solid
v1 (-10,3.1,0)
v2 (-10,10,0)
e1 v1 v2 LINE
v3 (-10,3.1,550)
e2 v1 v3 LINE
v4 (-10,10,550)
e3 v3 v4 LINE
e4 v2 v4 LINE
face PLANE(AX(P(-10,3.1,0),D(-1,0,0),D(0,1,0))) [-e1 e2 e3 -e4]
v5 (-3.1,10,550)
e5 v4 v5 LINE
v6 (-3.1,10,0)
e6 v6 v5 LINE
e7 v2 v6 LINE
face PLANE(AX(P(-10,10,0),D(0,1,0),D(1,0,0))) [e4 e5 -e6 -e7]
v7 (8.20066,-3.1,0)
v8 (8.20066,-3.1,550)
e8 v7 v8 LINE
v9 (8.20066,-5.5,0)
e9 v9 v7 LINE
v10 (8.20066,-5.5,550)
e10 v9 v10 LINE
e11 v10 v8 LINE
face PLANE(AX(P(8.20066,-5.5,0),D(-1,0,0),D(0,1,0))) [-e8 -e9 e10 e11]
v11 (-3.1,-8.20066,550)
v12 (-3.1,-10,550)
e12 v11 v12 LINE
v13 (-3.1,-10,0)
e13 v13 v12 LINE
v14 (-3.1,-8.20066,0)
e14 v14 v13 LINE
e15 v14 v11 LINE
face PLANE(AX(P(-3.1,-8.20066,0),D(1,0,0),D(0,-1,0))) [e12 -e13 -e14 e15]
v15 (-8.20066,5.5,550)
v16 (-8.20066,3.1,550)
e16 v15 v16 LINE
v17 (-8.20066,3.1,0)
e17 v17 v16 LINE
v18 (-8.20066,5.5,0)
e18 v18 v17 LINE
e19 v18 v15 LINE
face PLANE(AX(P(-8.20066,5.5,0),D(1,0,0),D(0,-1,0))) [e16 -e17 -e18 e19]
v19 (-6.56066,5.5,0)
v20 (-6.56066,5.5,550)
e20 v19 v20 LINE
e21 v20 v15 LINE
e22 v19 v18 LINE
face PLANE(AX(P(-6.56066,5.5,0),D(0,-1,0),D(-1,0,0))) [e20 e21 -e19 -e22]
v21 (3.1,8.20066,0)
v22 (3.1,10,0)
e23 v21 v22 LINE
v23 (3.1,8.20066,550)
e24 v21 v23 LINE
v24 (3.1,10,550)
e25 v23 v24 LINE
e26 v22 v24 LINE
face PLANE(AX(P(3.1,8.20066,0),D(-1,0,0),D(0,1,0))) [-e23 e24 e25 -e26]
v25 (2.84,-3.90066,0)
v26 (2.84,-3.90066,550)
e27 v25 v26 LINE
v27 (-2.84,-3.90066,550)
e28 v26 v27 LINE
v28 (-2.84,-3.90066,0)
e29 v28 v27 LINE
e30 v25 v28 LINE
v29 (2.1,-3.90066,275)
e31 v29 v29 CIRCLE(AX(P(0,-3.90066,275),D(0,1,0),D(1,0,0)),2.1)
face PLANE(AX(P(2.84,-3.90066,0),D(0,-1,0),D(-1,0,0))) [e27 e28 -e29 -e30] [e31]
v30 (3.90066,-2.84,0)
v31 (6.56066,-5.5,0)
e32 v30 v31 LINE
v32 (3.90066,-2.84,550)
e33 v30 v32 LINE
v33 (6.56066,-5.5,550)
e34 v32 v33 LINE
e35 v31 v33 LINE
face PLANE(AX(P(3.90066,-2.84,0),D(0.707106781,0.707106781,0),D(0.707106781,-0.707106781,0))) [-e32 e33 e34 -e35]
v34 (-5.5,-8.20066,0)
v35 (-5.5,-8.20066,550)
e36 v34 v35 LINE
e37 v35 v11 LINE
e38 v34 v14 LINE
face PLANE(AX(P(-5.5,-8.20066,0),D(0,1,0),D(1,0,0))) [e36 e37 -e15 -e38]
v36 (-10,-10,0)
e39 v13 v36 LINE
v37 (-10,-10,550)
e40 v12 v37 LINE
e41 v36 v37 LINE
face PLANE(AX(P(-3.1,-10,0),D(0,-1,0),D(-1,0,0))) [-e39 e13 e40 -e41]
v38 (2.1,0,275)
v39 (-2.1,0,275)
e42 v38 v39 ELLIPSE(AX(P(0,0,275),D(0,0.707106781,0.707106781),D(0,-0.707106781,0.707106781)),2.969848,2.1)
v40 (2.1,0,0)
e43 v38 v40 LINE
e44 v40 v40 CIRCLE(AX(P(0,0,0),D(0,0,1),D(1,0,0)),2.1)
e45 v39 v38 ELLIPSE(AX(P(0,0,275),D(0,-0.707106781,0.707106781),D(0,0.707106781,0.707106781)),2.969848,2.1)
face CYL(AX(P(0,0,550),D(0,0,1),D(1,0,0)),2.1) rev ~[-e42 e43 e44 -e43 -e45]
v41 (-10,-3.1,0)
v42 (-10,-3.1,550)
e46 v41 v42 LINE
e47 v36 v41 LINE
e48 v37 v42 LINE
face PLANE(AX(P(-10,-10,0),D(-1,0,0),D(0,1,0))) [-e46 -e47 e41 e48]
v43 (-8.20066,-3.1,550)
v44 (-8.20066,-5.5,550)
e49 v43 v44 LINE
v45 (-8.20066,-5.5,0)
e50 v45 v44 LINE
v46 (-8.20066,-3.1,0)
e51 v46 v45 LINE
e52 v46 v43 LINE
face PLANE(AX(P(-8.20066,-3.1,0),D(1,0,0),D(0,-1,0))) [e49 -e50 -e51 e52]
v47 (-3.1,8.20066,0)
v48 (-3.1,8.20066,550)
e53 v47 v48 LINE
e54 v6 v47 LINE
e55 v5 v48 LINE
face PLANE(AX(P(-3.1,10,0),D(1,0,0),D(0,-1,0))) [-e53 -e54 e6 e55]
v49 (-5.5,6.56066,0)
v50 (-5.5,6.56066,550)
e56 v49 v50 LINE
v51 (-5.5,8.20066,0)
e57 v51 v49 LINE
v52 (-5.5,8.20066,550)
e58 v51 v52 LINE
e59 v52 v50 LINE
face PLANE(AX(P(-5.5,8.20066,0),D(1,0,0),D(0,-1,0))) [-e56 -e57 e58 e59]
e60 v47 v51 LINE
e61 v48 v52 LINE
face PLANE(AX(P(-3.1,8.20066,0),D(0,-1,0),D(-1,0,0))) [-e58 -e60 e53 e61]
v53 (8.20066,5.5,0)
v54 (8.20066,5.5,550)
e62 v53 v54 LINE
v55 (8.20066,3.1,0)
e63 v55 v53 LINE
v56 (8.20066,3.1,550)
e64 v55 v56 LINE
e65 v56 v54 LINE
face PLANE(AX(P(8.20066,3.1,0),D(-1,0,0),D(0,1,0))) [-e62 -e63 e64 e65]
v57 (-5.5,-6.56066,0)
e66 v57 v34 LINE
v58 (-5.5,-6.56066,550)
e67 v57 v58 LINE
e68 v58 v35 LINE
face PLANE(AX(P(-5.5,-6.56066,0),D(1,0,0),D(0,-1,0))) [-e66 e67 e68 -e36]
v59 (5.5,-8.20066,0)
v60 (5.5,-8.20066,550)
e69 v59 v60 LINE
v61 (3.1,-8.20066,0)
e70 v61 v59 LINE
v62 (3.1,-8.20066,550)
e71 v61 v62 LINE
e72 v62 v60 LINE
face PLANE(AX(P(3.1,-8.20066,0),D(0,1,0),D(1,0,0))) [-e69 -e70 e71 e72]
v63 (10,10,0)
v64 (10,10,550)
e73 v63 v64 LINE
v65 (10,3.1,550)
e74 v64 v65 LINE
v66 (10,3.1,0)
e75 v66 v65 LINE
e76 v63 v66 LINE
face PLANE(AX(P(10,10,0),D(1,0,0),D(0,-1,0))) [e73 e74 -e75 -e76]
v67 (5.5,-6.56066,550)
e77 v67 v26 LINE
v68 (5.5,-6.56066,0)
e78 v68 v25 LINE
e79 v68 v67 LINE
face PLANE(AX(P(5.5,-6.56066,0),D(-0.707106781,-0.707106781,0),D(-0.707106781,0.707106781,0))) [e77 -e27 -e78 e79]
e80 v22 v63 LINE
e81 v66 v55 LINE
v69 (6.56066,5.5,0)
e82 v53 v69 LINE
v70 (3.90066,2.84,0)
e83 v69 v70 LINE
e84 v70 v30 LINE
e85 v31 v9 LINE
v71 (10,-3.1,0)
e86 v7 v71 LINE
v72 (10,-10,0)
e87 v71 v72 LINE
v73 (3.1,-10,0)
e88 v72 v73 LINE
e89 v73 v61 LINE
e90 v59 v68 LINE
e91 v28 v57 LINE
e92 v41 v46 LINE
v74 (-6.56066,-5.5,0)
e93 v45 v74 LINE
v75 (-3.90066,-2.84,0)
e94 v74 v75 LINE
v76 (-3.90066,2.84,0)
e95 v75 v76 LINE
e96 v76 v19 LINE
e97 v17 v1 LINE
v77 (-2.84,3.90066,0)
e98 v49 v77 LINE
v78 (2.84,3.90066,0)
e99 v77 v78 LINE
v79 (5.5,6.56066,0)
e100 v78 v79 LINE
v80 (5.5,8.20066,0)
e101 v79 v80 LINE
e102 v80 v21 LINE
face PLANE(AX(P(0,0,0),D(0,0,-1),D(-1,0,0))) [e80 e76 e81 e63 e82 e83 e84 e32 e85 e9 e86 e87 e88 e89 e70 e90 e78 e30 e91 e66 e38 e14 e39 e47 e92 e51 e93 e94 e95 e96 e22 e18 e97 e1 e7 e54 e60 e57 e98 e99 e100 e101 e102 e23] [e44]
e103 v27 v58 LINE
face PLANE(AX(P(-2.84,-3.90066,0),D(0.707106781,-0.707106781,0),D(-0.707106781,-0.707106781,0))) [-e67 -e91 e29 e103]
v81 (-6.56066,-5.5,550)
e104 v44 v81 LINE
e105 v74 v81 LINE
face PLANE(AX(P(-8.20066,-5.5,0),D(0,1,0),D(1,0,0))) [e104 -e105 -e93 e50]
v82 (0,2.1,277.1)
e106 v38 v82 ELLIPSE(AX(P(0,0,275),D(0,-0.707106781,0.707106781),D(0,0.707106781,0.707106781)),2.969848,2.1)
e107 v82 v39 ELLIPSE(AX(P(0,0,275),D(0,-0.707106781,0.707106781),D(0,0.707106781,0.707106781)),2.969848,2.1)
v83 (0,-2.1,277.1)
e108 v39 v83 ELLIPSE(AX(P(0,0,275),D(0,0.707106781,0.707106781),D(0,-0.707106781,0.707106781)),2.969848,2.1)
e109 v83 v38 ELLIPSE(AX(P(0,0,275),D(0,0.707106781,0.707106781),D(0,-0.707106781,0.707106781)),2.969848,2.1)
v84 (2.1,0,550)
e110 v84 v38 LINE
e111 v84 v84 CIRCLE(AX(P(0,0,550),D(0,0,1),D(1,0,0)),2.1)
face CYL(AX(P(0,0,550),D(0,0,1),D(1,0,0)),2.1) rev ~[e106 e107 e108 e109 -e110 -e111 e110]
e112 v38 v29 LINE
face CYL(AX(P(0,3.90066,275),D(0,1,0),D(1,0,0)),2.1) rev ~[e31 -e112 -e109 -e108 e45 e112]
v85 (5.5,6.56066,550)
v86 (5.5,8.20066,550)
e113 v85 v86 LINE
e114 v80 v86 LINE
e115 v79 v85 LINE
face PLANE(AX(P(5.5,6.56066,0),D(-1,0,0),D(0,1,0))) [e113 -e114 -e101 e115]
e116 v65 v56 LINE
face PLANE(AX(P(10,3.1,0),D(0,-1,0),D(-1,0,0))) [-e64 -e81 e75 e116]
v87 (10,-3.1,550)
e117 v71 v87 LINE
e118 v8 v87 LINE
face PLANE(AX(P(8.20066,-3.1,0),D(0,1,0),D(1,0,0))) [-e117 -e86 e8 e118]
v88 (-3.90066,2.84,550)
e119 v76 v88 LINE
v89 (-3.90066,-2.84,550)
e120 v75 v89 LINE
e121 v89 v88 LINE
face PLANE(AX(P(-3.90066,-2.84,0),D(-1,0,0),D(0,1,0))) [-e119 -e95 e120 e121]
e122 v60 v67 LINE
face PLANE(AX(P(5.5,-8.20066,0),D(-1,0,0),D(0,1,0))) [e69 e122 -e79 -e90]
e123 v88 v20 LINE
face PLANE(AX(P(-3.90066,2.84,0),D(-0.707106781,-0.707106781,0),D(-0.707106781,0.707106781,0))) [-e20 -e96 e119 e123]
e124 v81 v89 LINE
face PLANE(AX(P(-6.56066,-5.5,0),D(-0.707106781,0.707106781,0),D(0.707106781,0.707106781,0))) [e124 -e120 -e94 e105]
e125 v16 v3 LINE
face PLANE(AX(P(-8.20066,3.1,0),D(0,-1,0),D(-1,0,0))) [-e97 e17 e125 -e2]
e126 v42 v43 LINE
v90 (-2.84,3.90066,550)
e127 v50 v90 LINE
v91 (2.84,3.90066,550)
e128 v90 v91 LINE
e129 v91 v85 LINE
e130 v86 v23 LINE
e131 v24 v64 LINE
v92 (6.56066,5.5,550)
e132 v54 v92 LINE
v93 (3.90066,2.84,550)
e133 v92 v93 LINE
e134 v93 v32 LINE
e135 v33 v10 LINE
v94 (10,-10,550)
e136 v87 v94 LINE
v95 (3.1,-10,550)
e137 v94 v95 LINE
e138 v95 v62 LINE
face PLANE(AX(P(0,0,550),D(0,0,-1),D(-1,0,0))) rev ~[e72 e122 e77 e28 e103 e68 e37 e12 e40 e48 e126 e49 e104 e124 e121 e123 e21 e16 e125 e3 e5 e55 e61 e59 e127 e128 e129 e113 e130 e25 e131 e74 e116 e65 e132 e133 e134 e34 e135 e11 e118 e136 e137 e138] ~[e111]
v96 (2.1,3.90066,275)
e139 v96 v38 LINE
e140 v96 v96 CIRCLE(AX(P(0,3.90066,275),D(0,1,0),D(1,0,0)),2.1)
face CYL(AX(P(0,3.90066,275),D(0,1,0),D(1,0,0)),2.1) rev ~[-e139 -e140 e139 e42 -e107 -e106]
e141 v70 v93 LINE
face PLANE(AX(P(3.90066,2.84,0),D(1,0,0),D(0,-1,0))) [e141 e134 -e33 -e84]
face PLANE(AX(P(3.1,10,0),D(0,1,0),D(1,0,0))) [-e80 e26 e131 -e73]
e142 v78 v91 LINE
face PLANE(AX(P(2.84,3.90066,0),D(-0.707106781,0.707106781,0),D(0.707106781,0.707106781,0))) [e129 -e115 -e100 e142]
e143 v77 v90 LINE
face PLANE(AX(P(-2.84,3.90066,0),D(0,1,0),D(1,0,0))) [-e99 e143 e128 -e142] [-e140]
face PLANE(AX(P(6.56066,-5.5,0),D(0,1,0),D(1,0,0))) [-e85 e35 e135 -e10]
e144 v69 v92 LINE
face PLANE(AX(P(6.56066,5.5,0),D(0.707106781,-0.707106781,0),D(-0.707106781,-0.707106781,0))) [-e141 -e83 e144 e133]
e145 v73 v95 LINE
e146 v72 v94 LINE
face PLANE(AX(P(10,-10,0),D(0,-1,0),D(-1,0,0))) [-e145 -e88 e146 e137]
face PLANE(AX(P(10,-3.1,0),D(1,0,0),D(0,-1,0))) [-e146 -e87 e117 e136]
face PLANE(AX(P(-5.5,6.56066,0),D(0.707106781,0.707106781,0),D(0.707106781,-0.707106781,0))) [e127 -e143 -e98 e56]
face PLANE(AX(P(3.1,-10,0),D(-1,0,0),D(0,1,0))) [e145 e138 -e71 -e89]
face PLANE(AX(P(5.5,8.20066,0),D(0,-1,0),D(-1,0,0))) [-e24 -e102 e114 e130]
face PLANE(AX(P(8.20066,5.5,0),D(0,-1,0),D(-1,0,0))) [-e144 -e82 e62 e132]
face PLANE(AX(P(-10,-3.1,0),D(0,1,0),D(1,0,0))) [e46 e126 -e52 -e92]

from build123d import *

# Parameters (mm, degrees)
BOSS_EXTRUDE1_DEPTH = 550
SKETCH2_R           = 2.1
CUT_EXTRUDE1_DEPTH  = 551
SKETCH3_R           = 2.1
CUT_EXTRUDE2_DEPTH  = 14.900660172


with BuildPart() as part:
    # Sketch1 → Boss-Extrude1 (new body)
    with BuildSketch(Plane.XY):
        Polygon((-3.1, 10), (-3.1, 8.200660172), (-5.5, 8.200660172), (-5.5, 6.560660172), (-2.84, 3.900660172), (2.84, 3.900660172), (5.5, 6.560660172), (5.5, 8.200660172), (3.1, 8.200660172), (3.1, 10), (10, 10), (10, 3.1), (8.200660172, 3.1), (8.200660172, 5.5), (6.560660172, 5.5), (3.900660172, 2.84), (3.900660172, -2.84), (6.560660172, -5.5), (8.200660172, -5.5), (8.200660172, -3.1), (10, -3.1), (10, -10), (3.1, -10), (3.1, -8.200660172), (5.5, -8.200660172), (5.5, -6.560660172), (2.84, -3.900660172), (-2.84, -3.900660172), (-5.5, -6.560660172), (-5.5, -8.200660172), (-3.1, -8.200660172), (-3.1, -10), (-10, -10), (-10, -3.1), (-8.200660172, -3.1), (-8.200660172, -5.5), (-6.560660172, -5.5), (-3.900660172, -2.84), (-3.900660172, 2.84), (-6.560660172, 5.5), (-8.200660172, 5.5), (-8.200660172, 3.1), (-10, 3.1), (-10, 10), align=None)
    extrude(amount=BOSS_EXTRUDE1_DEPTH)

    # Sketch2 → Cut-Extrude1 (cut, through all)
    with BuildSketch(Plane.XY.offset(550)):
        Circle(SKETCH2_R)
    extrude(amount=-CUT_EXTRUDE1_DEPTH, mode=Mode.SUBTRACT)

    # Sketch3 → Cut-Extrude2 (cut, through all)
    with BuildSketch(Plane(origin=(0, 3.900660172, 0), x_dir=(1, 0, 0), z_dir=(0, 1, 0))):
        with Locations((0, -275)):
            Circle(SKETCH3_R)
    extrude(amount=-CUT_EXTRUDE2_DEPTH, mode=Mode.SUBTRACT)


solid = part.part
